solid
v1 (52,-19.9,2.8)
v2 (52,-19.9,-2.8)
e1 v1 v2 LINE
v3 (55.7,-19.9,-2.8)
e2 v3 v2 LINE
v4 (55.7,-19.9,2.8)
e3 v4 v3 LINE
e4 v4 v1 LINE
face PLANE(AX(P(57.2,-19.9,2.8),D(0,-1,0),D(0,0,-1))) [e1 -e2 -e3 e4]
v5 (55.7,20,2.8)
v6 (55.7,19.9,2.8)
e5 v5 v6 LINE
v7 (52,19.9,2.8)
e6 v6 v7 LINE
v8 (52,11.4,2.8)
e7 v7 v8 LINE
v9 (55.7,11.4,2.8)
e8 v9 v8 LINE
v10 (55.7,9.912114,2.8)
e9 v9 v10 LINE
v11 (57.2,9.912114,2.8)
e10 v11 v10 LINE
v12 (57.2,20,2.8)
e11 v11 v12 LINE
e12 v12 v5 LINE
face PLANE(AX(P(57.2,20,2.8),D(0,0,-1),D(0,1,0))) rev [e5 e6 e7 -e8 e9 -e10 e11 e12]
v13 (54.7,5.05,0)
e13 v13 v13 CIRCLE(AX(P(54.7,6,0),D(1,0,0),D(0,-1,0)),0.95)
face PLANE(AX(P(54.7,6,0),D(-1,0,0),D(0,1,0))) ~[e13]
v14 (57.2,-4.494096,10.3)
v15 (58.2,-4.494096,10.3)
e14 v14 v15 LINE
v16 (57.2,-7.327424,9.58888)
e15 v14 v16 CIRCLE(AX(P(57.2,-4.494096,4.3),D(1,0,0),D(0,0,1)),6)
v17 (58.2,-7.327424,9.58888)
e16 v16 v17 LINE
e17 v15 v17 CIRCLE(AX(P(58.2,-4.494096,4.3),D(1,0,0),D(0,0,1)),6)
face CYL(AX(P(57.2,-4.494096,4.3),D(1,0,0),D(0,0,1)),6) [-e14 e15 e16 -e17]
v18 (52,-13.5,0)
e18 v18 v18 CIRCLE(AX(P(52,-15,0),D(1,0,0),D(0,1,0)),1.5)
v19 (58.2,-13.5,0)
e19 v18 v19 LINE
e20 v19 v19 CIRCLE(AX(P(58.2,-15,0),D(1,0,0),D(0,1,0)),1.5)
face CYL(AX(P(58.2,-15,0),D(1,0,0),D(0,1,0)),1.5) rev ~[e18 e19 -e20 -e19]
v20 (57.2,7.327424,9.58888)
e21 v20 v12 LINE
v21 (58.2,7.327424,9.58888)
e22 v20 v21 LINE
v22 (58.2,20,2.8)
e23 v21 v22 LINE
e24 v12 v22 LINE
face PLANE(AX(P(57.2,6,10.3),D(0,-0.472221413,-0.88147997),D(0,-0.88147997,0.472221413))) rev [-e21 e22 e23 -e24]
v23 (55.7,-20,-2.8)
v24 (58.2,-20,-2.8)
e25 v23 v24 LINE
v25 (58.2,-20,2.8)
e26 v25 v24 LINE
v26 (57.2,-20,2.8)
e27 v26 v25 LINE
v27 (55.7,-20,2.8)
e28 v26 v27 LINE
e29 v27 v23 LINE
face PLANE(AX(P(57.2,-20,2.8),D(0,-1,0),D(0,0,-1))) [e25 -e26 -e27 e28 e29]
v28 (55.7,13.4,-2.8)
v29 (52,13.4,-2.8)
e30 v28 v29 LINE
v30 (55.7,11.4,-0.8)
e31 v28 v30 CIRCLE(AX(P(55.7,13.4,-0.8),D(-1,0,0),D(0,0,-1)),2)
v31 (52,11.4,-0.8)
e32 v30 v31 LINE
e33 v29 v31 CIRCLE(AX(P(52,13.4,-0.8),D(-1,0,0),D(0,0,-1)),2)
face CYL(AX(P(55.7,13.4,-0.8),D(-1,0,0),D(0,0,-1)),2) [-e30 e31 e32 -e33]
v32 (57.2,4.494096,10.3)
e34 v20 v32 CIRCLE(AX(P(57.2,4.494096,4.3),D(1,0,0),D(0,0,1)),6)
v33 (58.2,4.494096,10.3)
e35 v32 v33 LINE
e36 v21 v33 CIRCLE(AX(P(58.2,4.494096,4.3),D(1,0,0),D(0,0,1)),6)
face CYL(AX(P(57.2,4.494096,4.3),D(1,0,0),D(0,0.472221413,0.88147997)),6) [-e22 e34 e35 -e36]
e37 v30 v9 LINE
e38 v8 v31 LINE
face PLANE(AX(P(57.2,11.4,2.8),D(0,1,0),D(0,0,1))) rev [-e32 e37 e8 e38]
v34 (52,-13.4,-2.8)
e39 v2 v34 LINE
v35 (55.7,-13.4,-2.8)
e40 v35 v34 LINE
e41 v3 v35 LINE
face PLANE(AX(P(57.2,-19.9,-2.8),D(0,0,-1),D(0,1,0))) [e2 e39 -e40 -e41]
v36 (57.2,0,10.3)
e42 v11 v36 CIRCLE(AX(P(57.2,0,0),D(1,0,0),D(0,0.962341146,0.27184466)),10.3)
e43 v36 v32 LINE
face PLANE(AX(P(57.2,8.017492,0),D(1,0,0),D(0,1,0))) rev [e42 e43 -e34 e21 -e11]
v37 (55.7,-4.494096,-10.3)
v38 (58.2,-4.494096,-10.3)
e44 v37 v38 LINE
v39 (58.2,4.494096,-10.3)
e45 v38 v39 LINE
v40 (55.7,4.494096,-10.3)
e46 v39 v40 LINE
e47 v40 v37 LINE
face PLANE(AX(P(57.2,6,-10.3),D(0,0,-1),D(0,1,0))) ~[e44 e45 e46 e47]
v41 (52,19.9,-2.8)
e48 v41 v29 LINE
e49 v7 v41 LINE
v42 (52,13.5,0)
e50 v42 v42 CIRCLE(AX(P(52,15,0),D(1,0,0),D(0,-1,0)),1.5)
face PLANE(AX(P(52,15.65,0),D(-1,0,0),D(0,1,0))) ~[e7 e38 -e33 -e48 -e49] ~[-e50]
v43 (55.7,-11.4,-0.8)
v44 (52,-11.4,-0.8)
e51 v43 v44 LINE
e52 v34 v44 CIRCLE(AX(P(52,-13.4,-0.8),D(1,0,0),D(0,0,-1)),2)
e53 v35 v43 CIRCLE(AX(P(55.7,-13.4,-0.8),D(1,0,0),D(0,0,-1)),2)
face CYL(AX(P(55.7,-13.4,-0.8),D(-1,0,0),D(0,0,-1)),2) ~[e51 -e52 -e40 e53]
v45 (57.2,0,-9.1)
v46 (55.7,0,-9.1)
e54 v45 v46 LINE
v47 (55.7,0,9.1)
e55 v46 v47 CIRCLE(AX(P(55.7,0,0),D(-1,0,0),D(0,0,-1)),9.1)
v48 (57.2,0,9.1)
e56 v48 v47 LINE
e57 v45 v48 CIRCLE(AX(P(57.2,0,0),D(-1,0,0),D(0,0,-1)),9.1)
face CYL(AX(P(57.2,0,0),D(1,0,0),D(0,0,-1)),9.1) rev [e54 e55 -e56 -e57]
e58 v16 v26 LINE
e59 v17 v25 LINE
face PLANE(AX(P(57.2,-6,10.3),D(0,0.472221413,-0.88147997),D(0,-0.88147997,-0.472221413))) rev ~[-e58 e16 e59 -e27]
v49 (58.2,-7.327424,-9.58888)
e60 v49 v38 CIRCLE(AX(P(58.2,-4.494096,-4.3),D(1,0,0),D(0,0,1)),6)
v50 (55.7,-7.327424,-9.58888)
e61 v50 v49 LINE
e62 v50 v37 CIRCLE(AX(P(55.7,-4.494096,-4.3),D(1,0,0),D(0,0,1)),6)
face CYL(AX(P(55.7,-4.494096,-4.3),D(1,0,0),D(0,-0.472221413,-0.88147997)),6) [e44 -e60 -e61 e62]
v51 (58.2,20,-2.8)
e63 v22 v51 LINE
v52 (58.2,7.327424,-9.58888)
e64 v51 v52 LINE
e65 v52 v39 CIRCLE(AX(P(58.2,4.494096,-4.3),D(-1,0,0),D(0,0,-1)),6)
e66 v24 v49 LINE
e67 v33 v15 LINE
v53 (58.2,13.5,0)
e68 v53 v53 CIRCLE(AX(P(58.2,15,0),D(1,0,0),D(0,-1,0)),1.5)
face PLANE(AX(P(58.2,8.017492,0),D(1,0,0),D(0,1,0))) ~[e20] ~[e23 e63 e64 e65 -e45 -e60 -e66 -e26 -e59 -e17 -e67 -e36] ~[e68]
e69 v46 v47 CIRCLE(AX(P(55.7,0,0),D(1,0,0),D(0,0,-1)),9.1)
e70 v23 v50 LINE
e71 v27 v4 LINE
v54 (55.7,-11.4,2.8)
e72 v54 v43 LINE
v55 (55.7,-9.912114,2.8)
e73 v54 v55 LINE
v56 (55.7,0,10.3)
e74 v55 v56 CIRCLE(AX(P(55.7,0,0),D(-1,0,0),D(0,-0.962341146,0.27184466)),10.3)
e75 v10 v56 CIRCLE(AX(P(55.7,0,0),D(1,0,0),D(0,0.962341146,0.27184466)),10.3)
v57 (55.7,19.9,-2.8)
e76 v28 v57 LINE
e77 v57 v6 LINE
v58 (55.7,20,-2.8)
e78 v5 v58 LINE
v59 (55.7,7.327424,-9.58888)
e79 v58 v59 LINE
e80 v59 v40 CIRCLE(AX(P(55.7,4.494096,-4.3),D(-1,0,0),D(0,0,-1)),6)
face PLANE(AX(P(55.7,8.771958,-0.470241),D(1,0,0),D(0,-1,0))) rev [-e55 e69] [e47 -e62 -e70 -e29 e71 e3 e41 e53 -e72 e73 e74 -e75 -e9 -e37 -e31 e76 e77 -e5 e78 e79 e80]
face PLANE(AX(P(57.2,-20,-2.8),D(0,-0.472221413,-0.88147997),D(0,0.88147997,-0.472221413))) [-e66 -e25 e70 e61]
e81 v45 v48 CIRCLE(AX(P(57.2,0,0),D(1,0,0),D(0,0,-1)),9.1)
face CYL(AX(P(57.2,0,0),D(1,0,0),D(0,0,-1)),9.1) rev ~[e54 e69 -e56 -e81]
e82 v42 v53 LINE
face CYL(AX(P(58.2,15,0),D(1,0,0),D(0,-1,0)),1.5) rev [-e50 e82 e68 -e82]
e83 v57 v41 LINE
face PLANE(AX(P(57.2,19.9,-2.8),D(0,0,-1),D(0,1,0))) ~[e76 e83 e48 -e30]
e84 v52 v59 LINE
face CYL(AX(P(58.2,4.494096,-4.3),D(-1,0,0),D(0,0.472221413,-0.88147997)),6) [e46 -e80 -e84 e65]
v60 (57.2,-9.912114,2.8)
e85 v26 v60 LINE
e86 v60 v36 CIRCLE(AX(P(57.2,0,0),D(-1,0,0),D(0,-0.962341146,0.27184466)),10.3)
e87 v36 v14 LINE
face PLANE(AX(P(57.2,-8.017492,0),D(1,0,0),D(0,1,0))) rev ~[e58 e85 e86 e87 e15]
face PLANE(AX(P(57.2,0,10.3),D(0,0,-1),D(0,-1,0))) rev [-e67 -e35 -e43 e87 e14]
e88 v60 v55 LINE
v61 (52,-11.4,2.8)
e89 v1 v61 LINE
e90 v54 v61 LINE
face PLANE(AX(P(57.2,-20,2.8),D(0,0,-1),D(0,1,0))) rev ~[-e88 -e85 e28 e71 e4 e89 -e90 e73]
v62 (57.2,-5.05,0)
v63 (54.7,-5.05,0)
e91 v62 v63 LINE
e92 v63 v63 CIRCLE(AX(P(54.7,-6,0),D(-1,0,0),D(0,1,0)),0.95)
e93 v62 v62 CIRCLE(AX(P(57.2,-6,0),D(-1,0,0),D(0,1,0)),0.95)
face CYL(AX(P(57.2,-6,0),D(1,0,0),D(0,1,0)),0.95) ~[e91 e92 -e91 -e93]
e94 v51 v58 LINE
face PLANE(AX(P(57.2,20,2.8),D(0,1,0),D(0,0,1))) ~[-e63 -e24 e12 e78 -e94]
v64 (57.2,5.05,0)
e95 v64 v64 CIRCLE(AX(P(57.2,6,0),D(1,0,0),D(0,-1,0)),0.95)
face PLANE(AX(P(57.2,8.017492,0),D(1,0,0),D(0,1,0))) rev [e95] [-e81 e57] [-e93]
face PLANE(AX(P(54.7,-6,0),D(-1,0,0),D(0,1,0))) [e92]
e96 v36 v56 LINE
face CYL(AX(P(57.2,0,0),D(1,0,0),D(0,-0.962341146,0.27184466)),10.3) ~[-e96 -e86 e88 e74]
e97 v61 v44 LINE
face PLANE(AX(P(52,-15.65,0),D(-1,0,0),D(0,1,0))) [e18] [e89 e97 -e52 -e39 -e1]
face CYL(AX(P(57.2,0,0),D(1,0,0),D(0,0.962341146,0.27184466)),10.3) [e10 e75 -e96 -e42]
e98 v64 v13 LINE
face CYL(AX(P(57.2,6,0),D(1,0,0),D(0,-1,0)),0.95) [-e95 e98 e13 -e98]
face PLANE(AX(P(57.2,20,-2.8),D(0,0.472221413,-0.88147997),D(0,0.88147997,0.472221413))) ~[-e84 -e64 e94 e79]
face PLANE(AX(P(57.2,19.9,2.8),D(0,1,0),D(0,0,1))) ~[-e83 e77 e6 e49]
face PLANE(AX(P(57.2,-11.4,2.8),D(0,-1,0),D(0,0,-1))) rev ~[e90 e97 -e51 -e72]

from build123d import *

# Parameters (mm, degrees)
PAD099_DEPTH    = 1
SKETCH286_R     = 0.95
PAD100_DEPTH    = 2.5
PAD101_DEPTH    = 1.5
SKETCH288_W     = 8.5
SKETCH288_H     = 5.6
PAD102_DEPTH    = 5.2
SKETCH289_R     = 1.5
POCKET169_DEPTH = 15
FILLET002_R     = 6
FILLET004_R     = 2


with BuildPart() as part:
    # Sketch277 → Pad099 (new body)
    with BuildSketch(Plane.YZ.offset(57.2)):
        Polygon((-20, 2.8), (-20, -2.8), (-6, -10.3), (0, -10.3), (0, 10.3), (-6, 10.3), align=None)
    pad099 = extrude(amount=PAD099_DEPTH)

    # Sketch286 (on Face7 of Pad099) → Pad100 (join)
    with BuildSketch(Plane(origin=(57.2, 0, 0), x_dir=(0, 1, 0), z_dir=(-1, 0, 0))):
        with Locations((-6, 0)):
            Circle(SKETCH286_R)
    pad100 = extrude(amount=PAD100_DEPTH)

    # Sketch287 (on Face4 of Pad100) → Pad101 (join)
    with BuildSketch(Plane(origin=(57.2, 0, 0), x_dir=(0, 1, 0), z_dir=(-1, 0, 0))):
        with BuildLine():
            Line((-20, -2.8), (-20, 2.8))
            Line((-20, 2.8), (-6, 10.3))
            Line((-6, 10.3), (0, 10.3))
            Line((0, 9.1), (0, 10.3))
            ThreePointArc((0, 9.1), (-9.1, 0), (0, -9.1))
            Line((0, -9.1), (0, -10.3))
            ThreePointArc((-9.9121138008, -2.8), (-6.2149014473, -8.2137080542), (0, -10.3))
            Line((-20, -2.8), (-9.9121138008, -2.8))
        make_face()
    pad101 = extrude(amount=PAD101_DEPTH)

    # Sketch288 (on Face18 of Pad101) → Pad102 (join)
    with BuildSketch(Plane(origin=(57.2, 0, 0), x_dir=(0, 1, 0), z_dir=(-1, 0, 0))):
        with Locations((-15.65, 0)):
            Rectangle(SKETCH288_W, SKETCH288_H)
    pad102 = extrude(amount=PAD102_DEPTH)

    # Sketch289 (on Face5 of Pad102) → Pocket169 (cut, symmetric)
    with BuildSketch(Plane.YZ.offset(58.2)):
        with Locations((-15, 0)):
            Circle(SKETCH289_R)
    pocket169 = extrude(amount=POCKET169_DEPTH, both=True, mode=Mode.SUBTRACT)

    # Mirrored011: Pad099, Pad100, Pad101, Pad102, Pocket169 across Sketch277 V_Axis
    add(pad099.mirror(Plane(origin=(57.2, 0, 0), x_dir=(1, 0, 0), z_dir=(0, 1, 0))))
    add(pad100.mirror(Plane(origin=(57.2, 0, 0), x_dir=(1, 0, 0), z_dir=(0, 1, 0))))
    add(pad101.mirror(Plane(origin=(57.2, 0, 0), x_dir=(1, 0, 0), z_dir=(0, 1, 0))))
    add(pad102.mirror(Plane(origin=(57.2, 0, 0), x_dir=(1, 0, 0), z_dir=(0, 1, 0))))
    add(pocket169.mirror(Plane(origin=(57.2, 0, 0), x_dir=(1, 0, 0), z_dir=(0, 1, 0))), mode=Mode.SUBTRACT)

    # Fillet002
    fillet002_edges = [part.edges().sort_by_distance(p)[0] for p in [
        (57.7, -6, -10.3),
        (56.45, -6, -10.3),
        (57.7, 6, -10.3),
        (56.45, 6, -10.3),
        (57.7, -6, 10.3),
        (57.7, 6, 10.3),
    ]]
    fillet(fillet002_edges, radius=FILLET002_R)

    # Fillet004
    fillet004_edges = [part.edges().sort_by_distance(p)[0] for p in [
        (53.85, 11.4, -2.8),
        (53.85, -11.4, -2.8),
    ]]
    fillet(fillet004_edges, radius=FILLET004_R)


solid = part.part
